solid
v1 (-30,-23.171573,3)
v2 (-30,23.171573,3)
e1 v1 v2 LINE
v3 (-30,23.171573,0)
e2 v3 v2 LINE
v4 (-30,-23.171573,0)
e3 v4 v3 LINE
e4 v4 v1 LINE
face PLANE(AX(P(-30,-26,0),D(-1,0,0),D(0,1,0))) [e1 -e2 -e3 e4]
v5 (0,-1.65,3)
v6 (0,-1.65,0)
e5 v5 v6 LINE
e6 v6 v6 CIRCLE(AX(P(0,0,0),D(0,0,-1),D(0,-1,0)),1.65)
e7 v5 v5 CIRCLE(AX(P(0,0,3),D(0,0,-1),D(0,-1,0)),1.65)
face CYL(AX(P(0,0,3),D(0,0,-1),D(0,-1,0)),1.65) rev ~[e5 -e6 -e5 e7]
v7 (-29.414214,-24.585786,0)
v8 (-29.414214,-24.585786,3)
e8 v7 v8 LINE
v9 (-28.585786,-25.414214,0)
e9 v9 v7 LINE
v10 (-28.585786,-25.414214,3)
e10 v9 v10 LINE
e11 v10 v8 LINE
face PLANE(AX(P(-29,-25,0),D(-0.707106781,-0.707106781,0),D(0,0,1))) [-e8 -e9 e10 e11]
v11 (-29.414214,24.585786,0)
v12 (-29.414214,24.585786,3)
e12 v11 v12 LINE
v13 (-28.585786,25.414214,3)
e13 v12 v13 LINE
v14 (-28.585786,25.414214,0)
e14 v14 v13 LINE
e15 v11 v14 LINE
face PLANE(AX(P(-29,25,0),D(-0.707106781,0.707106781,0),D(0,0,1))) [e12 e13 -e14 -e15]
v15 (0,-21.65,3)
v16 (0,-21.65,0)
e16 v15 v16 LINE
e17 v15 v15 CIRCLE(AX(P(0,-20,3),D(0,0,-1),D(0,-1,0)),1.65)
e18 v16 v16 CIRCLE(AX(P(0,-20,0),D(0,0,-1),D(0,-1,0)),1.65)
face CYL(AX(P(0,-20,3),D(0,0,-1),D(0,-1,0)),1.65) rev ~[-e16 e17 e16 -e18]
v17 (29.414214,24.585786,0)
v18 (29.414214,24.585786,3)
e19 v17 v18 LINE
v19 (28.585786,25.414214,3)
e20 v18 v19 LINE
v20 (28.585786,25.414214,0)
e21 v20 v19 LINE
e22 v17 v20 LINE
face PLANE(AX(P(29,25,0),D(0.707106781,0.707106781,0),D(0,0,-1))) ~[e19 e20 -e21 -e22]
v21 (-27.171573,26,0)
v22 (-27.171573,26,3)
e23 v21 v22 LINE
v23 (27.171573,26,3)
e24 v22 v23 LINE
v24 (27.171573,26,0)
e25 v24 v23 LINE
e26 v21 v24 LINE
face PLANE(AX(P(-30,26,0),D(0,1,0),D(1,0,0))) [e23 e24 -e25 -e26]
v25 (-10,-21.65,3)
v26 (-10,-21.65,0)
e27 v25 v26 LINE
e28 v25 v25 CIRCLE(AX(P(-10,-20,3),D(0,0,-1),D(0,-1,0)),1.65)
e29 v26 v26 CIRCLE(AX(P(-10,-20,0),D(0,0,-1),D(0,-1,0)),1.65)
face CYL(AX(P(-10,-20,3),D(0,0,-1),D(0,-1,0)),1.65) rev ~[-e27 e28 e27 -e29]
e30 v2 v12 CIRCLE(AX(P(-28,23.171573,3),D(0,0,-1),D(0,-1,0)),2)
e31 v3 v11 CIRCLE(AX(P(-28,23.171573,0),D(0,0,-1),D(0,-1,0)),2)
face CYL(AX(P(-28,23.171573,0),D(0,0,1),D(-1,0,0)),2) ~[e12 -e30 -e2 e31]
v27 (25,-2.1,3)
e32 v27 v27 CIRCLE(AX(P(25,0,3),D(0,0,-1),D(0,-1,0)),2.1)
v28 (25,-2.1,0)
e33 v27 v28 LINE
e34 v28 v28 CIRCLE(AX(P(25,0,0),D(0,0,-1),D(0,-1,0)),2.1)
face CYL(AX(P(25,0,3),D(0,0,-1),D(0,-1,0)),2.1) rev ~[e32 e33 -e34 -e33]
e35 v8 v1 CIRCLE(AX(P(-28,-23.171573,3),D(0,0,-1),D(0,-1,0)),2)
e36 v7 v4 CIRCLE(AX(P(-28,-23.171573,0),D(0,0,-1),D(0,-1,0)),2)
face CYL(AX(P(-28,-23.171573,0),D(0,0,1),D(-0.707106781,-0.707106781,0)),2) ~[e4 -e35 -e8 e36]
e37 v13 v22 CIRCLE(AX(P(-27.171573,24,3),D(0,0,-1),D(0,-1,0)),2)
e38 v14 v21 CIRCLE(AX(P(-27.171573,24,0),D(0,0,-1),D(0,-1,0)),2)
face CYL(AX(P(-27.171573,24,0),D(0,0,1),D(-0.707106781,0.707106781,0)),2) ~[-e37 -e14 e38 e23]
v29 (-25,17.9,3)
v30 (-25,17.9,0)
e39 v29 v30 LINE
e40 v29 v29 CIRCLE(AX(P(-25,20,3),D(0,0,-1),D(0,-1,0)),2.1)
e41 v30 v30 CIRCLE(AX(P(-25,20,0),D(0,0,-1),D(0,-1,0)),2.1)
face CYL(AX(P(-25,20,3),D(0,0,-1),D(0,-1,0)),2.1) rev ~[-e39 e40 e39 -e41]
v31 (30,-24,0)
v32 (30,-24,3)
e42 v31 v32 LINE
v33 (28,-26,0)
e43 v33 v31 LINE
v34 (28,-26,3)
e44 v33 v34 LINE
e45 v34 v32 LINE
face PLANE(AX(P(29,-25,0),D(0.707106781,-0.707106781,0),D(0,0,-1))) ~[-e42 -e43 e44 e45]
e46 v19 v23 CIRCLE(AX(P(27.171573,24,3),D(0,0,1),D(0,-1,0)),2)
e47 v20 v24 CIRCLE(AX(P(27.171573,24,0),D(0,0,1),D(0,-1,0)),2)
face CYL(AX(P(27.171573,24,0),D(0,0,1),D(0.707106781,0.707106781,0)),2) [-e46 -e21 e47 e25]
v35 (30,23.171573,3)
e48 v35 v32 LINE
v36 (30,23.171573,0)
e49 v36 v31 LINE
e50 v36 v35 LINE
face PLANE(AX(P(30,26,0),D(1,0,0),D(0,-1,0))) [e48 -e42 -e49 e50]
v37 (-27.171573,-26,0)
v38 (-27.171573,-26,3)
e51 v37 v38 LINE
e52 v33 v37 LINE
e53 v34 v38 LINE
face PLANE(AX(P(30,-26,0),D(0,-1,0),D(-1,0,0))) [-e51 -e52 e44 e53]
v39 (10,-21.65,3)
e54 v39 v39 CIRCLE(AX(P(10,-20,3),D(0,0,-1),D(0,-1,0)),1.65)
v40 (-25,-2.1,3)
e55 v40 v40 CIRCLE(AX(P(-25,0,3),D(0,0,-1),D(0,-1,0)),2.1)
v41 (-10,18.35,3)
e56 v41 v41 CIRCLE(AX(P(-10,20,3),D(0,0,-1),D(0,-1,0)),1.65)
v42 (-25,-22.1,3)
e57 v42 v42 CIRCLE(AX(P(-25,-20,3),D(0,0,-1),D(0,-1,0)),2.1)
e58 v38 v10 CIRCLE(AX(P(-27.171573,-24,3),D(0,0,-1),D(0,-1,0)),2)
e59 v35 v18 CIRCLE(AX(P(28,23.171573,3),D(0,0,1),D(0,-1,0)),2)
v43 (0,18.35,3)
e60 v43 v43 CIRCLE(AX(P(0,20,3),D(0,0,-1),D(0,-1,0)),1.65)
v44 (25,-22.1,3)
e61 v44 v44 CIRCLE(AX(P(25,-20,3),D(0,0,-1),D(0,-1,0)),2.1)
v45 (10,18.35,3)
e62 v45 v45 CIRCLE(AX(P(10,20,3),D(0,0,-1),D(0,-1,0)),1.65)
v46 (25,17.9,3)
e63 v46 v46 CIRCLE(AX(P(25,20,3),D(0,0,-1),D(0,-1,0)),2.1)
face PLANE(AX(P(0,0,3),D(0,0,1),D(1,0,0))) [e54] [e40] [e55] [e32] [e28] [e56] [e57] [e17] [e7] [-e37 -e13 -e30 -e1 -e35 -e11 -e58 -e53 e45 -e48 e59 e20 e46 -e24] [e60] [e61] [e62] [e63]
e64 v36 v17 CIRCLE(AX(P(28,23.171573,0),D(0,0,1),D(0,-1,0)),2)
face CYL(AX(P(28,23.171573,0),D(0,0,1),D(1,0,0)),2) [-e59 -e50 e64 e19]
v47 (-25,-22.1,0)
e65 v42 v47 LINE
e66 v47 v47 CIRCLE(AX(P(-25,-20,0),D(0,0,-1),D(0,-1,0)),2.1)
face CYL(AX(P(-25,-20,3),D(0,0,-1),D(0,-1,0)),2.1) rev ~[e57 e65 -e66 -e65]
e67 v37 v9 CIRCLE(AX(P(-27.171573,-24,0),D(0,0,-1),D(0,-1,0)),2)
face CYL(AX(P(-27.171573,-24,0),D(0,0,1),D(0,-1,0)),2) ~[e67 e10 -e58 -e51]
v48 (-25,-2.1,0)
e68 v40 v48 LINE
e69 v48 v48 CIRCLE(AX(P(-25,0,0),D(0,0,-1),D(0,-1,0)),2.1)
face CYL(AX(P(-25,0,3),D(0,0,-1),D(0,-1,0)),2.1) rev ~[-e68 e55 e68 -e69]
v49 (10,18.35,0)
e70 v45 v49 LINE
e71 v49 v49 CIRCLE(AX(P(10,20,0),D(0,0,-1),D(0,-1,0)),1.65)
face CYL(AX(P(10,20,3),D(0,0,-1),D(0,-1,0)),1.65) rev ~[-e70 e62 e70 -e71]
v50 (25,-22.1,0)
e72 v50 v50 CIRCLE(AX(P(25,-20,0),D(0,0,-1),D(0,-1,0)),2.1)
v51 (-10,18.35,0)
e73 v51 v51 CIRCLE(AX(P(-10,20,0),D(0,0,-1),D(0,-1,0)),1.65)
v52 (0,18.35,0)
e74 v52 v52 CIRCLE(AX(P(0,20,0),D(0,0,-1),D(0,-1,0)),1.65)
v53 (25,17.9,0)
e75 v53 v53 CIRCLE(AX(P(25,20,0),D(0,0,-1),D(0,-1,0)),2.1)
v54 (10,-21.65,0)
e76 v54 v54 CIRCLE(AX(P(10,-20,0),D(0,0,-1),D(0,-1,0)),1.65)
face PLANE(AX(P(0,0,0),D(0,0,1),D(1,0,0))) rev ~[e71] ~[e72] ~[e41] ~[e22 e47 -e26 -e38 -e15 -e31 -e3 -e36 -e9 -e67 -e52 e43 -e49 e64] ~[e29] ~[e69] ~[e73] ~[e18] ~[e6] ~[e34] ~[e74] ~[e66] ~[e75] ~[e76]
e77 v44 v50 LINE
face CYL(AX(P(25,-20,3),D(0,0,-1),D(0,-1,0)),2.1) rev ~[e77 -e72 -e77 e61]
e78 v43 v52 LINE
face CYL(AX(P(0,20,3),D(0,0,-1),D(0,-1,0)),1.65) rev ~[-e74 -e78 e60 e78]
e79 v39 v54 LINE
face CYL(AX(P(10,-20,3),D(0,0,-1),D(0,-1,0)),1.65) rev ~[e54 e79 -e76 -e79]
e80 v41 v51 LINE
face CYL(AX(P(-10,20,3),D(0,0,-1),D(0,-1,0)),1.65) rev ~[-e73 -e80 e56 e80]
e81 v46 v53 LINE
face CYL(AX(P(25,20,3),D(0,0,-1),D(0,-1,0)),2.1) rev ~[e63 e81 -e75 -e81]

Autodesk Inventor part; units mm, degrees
ref_plane "YZ Plane" through (0, 0, 0) normal (1, 0, 0) x (0, 1, 0)
ref_plane "XZ Plane" through (0, 0, 0) normal (0, 1, 0) x (-1, 0, 0)
ref_plane "XY Plane" through (0, 0, 0) normal (0, 0, 1) x (1, 0, 0)
sketch "スケッチ1" plane through (0, 0, 0) normal (0, 0, 1) x (1, 0, 0)
  line L0 (30, -26) -> (-30, -26)
  line L1 (-30, -26) -> (-30, 26)
  line L2 (-30, 26) -> (30, 26)
  line L3 (30, 26) -> (30, -26)
  line L4 (30, -26) -> (-30, 26) construction
  line L5 (-30, -26) -> (30, 26) construction
  point P0 (0, 0)
  dimension "d0" = 60
  dimension "d1" = 52
extrude "押し出し1" add sketch "スケッチ1" along normal blind 3
sketch "スケッチ2" plane through (0, 0, 3) normal (0, 0, 1) x (1, 0, 0)
  line L0 (-10, -20) -> (10, -20)
  line L1 (10, -20) -> (10, 20)
  line L2 (10, 20) -> (-10, 20)
  line L3 (-10, 20) -> (-10, -20)
  line L4 (-10, -20) -> (10, 20) construction
  line L5 (10, -20) -> (-10, 20) construction
  line L6 (-30, -26) -> (30, -26) projected
  point P0 (0, 0)
  point P1 (0, 20)
  point P2 (0, -20)
  dimension "d4" = 20
  dimension "d5" = 40
  dimension "d6" = 6
hole "穴1" at (-10, 20, 3) at (-10, -20, 3) at (10, -20, 3) at (10, 20, 3) at (0, -20, 3) at (0, 0, 3) at (0, 20, 3) direction (0, 0, -1) diameter 3.3 depth 8.8
sketch "スケッチ4" plane through (0, 0, 3) normal (0, 0, 1) x (1, 0, 0)
  line L0 (-25, -20) -> (25, -20)
  line L1 (25, -20) -> (25, 20)
  line L2 (25, 20) -> (-25, 20)
  line L3 (-25, 20) -> (-25, -20)
  line L4 (-25, -20) -> (25, 20) construction
  line L5 (25, -20) -> (-25, 20) construction
  point P0 (0, 0)
  point P1 (0, 20)
  point P2 (0, -20)
  point P3 (0, 0)
  point P4 (-25, 0)
  point P5 (25, 0)
  dimension "d14" = 50
  dimension "d15" = 40
hole "穴2" at (-25, 20, 3) at (-25, -20, 3) at (25, -20, 3) at (25, 20, 3) at (-25, 0, 3) at (25, 0, 3) direction (0, 0, -1) diameter 4.2 depth 8.8
chamfer "面取り1" distance 2 angle 45 4 edges at (-30, 26, 1.5) (-30, -26, 1.5) (30, -26, 1.5) (30, 26, 1.5)
fillet "フィレット2" radius 2 6 edges at (30, 24, 1.5) (28, 26, 1.5) (-28, 26, 1.5) (-30, 24, 1.5) (-30, -24, 1.5) (-28, -26, 1.5)
sketch "スケッチ5" plane through (0, 0, 3) normal (0, 0, 1) x (1, 0, 0)
  circle A0 centre (-25, 0) radius 2.1 projected
  circle A1 centre (25, -20) radius 2.1 projected
  circle A2 centre (-25, 20) radius 2.1 projected
  circle A3 centre (-25, -20) radius 2.1 projected
  circle A4 centre (25, 20) radius 2.1 projected
  circle A5 centre (25, 0) radius 2.1 projected
  circle A6 centre (0, 0) radius 1.65 projected
  circle A7 centre (10, 20) radius 1.65 projected
  circle A8 centre (-10, -20) radius 1.65 projected
  circle A9 centre (-10, 20) radius 1.65 projected
  circle A10 centre (10, -20) radius 1.65 projected
  circle A11 centre (0, -20) radius 1.65 projected
  circle A12 centre (0, 20) radius 1.65 projected
  arc A13 (-28.5858, -25.4142) -> (-27.1716, -26) centre (-27.1716, -24) ccw projected
  line L0 (-27.1716, -26) -> (28, -26) projected
  line L1 (30, -24) -> (28, -26) projected
  line L2 (30, -24) -> (30, 23.1716) projected
  arc A14 (30, 23.1716) -> (29.4142, 24.5858) centre (28, 23.1716) ccw projected
  line L3 (28.5858, 25.4142) -> (29.4142, 24.5858) projected
  arc A15 (28.5858, 25.4142) -> (27.1716, 26) centre (27.1716, 24) ccw projected
  line L4 (27.1716, 26) -> (-27.1716, 26) projected
  arc A16 (-27.1716, 26) -> (-28.5858, 25.4142) centre (-27.1716, 24) ccw projected
  line L5 (-29.4142, 24.5858) -> (-28.5858, 25.4142) projected
  arc A17 (-29.4142, 24.5858) -> (-30, 23.1716) centre (-28, 23.1716) ccw projected
  line L6 (-30, 23.1716) -> (-30, -23.1716) projected
  arc A18 (-30, -23.1716) -> (-29.4142, -24.5858) centre (-28, -23.1716) ccw projected
  line L7 (-28.5858, -25.4142) -> (-29.4142, -24.5858) projected
  point P0 (0, 0)
properties part number "Diode_laser_Mount"
